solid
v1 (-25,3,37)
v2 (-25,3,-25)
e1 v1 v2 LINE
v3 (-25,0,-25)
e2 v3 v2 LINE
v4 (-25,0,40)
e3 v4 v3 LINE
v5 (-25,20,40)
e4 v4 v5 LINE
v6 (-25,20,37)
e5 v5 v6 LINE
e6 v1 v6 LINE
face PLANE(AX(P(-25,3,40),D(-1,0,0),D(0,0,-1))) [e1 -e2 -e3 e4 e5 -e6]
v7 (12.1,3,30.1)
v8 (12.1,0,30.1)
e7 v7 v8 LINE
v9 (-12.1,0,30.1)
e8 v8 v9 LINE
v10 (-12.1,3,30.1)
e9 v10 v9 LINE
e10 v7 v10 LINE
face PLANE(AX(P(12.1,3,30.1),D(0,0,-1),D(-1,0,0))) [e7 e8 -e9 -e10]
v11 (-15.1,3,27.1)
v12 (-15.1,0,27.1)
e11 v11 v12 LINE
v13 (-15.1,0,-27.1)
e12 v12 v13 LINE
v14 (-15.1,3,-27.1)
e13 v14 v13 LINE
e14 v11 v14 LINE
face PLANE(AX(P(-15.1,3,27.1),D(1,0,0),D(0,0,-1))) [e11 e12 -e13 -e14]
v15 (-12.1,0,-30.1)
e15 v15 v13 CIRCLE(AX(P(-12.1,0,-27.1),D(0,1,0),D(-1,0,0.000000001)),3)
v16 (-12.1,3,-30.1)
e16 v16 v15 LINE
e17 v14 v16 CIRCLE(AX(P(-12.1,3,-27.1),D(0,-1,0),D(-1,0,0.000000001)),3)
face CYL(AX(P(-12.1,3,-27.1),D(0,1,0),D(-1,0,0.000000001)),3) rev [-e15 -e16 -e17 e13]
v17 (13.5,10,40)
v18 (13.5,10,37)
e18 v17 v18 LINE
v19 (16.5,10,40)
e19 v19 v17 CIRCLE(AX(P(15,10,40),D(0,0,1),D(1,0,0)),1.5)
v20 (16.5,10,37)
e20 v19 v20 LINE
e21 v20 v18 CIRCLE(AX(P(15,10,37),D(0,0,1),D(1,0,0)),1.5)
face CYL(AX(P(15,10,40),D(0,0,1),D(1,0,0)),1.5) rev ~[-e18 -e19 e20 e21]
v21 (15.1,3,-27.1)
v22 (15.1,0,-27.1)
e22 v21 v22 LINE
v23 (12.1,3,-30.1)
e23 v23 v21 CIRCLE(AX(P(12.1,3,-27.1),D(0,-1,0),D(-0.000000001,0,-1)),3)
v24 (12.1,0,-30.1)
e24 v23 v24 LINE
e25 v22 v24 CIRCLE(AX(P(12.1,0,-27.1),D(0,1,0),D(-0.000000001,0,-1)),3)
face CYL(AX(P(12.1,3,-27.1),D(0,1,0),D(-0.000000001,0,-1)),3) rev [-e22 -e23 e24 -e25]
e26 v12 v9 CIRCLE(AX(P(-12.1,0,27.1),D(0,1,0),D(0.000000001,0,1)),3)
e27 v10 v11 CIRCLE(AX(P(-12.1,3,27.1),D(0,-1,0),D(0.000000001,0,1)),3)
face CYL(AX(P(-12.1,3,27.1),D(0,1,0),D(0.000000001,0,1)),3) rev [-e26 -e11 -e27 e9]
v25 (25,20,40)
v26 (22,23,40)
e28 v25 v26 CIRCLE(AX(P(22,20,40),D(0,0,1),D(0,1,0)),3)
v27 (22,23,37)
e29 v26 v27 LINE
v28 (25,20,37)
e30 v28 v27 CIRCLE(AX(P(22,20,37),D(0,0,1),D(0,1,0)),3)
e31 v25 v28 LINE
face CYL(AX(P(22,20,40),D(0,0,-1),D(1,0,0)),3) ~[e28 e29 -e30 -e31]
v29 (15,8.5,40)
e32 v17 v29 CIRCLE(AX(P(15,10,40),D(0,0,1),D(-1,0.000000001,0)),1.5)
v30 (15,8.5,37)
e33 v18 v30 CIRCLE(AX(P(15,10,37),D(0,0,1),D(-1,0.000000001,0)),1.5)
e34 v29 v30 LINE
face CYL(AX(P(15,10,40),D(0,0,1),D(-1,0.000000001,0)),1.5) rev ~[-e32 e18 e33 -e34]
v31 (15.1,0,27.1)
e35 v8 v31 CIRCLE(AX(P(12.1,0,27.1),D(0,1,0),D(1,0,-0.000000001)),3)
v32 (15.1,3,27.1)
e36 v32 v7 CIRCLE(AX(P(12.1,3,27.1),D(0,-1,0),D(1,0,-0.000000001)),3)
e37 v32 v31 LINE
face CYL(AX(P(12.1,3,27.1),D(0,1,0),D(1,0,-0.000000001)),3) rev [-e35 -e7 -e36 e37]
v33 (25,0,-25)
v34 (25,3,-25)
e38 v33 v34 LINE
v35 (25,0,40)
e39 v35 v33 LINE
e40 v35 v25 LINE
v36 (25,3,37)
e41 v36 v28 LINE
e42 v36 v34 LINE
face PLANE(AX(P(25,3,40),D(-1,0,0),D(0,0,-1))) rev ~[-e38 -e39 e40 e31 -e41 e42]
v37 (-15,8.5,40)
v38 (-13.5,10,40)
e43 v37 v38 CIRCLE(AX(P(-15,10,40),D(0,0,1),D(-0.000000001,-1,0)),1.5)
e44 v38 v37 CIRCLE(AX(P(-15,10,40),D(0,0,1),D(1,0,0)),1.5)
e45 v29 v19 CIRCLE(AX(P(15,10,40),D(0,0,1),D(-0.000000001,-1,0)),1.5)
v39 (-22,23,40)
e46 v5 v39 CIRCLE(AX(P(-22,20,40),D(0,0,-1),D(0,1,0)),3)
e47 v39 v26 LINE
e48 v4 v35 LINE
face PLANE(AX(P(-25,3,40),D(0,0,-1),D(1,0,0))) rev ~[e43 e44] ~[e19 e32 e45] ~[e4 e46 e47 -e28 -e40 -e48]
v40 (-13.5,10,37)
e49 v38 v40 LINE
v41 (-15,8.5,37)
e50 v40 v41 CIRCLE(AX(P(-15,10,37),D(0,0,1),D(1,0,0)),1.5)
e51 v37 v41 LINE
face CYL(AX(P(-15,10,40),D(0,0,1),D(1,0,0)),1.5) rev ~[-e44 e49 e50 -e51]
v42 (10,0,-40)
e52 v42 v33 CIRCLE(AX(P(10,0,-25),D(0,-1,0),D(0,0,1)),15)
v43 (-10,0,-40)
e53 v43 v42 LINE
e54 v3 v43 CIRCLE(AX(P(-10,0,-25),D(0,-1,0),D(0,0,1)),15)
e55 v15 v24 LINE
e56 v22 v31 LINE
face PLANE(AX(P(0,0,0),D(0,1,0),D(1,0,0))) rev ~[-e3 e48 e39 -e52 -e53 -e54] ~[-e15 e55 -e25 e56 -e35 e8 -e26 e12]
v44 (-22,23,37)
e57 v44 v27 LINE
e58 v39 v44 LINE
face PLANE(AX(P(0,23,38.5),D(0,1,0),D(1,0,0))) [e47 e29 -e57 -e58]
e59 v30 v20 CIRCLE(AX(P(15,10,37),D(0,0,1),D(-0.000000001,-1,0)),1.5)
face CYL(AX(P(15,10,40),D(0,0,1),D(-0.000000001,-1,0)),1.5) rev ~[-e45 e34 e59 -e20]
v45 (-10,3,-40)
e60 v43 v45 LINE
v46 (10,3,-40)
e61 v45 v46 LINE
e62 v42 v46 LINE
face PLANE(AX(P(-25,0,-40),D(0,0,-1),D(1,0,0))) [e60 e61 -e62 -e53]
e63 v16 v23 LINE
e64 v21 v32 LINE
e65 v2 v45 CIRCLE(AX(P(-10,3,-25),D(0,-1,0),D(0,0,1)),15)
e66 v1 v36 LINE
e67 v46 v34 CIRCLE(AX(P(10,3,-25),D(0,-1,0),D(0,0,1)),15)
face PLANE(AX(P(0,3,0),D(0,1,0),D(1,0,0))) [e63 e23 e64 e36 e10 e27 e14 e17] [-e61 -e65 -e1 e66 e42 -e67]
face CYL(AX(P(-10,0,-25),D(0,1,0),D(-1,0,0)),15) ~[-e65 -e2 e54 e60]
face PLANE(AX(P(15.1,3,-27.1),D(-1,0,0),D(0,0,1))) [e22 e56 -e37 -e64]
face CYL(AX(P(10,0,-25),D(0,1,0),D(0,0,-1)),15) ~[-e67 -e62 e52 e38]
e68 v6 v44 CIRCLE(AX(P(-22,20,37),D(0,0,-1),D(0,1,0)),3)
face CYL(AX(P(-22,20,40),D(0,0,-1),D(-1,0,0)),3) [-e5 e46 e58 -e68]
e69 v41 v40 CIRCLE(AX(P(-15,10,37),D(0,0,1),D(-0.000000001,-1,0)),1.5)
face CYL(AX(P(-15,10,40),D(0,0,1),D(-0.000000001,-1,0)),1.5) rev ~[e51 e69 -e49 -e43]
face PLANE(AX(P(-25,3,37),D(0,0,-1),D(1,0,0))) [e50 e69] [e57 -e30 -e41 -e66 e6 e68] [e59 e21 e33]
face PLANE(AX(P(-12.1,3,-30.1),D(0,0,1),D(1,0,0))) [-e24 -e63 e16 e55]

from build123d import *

# Parameters (mm, degrees)
SKETCH1_W           = 50
SKETCH1_H           = 80
BOSS_EXTRUDE1_DEPTH = 3
SKETCH2_W           = 50
SKETCH2_H           = 3
BOSS_EXTRUDE2_DEPTH = 20
FILLET1_R           = 3
FILLET2_R           = 15
CUT_EXTRUDE1_DEPTH  = 4
CUT_EXTRUDE2_DEPTH  = 81


with BuildPart() as part:
    # Sketch1 → Boss-Extrude1 (new body)
    with BuildSketch(Plane(origin=(0, 0, 0), x_dir=(1, 0, 0), z_dir=(0, 1, 0))):
        Rectangle(SKETCH1_W, SKETCH1_H)
    extrude(amount=BOSS_EXTRUDE1_DEPTH)

    # Sketch2 → Boss-Extrude2 (add)
    with BuildSketch(Plane(origin=(0, 3, 0), x_dir=(1, 0, 0), z_dir=(0, 1, 0))):
        with Locations((0, -38.5)):
            Rectangle(SKETCH2_W, SKETCH2_H)
    extrude(amount=BOSS_EXTRUDE2_DEPTH)

    # Fillet1
    fillet1_edges = [part.edges().sort_by_distance(p)[0] for p in [
        (-25, 23, 38.5),
        (25, 23, 38.5),
    ]]
    fillet(fillet1_edges, radius=FILLET1_R)

    # Fillet2
    fillet2_edges = [part.edges().sort_by_distance(p)[0] for p in [
        (-25, 1.5, -40),
        (25, 1.5, -40),
    ]]
    fillet(fillet2_edges, radius=FILLET2_R)

    # Sketch3 → Cut-Extrude1 (cut, through all)
    with BuildSketch(Plane(origin=(0, 3, 0), x_dir=(1, 0, 0), z_dir=(0, 1, 0))):
        with BuildLine():
            Line((-12.1, 30.1), (12.1, 30.1))
            ThreePointArc((12.1, 30.1), (14.221320344, 29.221320344), (15.1, 27.1))
            Line((15.1, 27.1), (15.1, -27.1))
            ThreePointArc((15.1, -27.1), (14.221320344, -29.221320344), (12.1, -30.1))
            Line((12.1, -30.1), (-12.1, -30.1))
            ThreePointArc((-12.1, -30.1), (-14.221320344, -29.221320344), (-15.1, -27.1))
            Line((-15.1, -27.1), (-15.1, 27.1))
            ThreePointArc((-15.1, 27.1), (-14.221320344, 29.221320344), (-12.1, 30.1))
        make_face()
    extrude(amount=-CUT_EXTRUDE1_DEPTH, mode=Mode.SUBTRACT)

    # Sketch4 → Cut-Extrude2 (cut, through all)
    with BuildSketch(Plane.XY.offset(40)):
        with BuildLine():
            Line((-15, 8.5), (-15, 10))
            Line((-15, 10), (-13.5, 10))
            ThreePointArc((-13.5, 10), (-16.060660172, 11.060660172), (-15, 8.5))
        make_face()
        with BuildLine():
            Line((-13.5, 10), (-15, 10))
            Line((-15, 10), (-15, 8.5))
            ThreePointArc((-15, 8.5), (-13.939339828, 8.939339828), (-13.5, 10))
        make_face()
        with BuildLine():
            ThreePointArc((16.5, 10), (15, 11.5), (13.5, 10))
            Line((13.5, 10), (15, 10))
            Line((15, 10), (15, 8.5))
            ThreePointArc((15, 8.5), (16.060660172, 8.939339828), (16.5, 10))
        make_face()
        with BuildLine():
            Line((15, 10), (13.5, 10))
            ThreePointArc((13.5, 10), (13.939339828, 8.939339828), (15, 8.5))
            Line((15, 8.5), (15, 10))
        make_face()
    extrude(amount=-CUT_EXTRUDE2_DEPTH, mode=Mode.SUBTRACT)


solid = part.part
